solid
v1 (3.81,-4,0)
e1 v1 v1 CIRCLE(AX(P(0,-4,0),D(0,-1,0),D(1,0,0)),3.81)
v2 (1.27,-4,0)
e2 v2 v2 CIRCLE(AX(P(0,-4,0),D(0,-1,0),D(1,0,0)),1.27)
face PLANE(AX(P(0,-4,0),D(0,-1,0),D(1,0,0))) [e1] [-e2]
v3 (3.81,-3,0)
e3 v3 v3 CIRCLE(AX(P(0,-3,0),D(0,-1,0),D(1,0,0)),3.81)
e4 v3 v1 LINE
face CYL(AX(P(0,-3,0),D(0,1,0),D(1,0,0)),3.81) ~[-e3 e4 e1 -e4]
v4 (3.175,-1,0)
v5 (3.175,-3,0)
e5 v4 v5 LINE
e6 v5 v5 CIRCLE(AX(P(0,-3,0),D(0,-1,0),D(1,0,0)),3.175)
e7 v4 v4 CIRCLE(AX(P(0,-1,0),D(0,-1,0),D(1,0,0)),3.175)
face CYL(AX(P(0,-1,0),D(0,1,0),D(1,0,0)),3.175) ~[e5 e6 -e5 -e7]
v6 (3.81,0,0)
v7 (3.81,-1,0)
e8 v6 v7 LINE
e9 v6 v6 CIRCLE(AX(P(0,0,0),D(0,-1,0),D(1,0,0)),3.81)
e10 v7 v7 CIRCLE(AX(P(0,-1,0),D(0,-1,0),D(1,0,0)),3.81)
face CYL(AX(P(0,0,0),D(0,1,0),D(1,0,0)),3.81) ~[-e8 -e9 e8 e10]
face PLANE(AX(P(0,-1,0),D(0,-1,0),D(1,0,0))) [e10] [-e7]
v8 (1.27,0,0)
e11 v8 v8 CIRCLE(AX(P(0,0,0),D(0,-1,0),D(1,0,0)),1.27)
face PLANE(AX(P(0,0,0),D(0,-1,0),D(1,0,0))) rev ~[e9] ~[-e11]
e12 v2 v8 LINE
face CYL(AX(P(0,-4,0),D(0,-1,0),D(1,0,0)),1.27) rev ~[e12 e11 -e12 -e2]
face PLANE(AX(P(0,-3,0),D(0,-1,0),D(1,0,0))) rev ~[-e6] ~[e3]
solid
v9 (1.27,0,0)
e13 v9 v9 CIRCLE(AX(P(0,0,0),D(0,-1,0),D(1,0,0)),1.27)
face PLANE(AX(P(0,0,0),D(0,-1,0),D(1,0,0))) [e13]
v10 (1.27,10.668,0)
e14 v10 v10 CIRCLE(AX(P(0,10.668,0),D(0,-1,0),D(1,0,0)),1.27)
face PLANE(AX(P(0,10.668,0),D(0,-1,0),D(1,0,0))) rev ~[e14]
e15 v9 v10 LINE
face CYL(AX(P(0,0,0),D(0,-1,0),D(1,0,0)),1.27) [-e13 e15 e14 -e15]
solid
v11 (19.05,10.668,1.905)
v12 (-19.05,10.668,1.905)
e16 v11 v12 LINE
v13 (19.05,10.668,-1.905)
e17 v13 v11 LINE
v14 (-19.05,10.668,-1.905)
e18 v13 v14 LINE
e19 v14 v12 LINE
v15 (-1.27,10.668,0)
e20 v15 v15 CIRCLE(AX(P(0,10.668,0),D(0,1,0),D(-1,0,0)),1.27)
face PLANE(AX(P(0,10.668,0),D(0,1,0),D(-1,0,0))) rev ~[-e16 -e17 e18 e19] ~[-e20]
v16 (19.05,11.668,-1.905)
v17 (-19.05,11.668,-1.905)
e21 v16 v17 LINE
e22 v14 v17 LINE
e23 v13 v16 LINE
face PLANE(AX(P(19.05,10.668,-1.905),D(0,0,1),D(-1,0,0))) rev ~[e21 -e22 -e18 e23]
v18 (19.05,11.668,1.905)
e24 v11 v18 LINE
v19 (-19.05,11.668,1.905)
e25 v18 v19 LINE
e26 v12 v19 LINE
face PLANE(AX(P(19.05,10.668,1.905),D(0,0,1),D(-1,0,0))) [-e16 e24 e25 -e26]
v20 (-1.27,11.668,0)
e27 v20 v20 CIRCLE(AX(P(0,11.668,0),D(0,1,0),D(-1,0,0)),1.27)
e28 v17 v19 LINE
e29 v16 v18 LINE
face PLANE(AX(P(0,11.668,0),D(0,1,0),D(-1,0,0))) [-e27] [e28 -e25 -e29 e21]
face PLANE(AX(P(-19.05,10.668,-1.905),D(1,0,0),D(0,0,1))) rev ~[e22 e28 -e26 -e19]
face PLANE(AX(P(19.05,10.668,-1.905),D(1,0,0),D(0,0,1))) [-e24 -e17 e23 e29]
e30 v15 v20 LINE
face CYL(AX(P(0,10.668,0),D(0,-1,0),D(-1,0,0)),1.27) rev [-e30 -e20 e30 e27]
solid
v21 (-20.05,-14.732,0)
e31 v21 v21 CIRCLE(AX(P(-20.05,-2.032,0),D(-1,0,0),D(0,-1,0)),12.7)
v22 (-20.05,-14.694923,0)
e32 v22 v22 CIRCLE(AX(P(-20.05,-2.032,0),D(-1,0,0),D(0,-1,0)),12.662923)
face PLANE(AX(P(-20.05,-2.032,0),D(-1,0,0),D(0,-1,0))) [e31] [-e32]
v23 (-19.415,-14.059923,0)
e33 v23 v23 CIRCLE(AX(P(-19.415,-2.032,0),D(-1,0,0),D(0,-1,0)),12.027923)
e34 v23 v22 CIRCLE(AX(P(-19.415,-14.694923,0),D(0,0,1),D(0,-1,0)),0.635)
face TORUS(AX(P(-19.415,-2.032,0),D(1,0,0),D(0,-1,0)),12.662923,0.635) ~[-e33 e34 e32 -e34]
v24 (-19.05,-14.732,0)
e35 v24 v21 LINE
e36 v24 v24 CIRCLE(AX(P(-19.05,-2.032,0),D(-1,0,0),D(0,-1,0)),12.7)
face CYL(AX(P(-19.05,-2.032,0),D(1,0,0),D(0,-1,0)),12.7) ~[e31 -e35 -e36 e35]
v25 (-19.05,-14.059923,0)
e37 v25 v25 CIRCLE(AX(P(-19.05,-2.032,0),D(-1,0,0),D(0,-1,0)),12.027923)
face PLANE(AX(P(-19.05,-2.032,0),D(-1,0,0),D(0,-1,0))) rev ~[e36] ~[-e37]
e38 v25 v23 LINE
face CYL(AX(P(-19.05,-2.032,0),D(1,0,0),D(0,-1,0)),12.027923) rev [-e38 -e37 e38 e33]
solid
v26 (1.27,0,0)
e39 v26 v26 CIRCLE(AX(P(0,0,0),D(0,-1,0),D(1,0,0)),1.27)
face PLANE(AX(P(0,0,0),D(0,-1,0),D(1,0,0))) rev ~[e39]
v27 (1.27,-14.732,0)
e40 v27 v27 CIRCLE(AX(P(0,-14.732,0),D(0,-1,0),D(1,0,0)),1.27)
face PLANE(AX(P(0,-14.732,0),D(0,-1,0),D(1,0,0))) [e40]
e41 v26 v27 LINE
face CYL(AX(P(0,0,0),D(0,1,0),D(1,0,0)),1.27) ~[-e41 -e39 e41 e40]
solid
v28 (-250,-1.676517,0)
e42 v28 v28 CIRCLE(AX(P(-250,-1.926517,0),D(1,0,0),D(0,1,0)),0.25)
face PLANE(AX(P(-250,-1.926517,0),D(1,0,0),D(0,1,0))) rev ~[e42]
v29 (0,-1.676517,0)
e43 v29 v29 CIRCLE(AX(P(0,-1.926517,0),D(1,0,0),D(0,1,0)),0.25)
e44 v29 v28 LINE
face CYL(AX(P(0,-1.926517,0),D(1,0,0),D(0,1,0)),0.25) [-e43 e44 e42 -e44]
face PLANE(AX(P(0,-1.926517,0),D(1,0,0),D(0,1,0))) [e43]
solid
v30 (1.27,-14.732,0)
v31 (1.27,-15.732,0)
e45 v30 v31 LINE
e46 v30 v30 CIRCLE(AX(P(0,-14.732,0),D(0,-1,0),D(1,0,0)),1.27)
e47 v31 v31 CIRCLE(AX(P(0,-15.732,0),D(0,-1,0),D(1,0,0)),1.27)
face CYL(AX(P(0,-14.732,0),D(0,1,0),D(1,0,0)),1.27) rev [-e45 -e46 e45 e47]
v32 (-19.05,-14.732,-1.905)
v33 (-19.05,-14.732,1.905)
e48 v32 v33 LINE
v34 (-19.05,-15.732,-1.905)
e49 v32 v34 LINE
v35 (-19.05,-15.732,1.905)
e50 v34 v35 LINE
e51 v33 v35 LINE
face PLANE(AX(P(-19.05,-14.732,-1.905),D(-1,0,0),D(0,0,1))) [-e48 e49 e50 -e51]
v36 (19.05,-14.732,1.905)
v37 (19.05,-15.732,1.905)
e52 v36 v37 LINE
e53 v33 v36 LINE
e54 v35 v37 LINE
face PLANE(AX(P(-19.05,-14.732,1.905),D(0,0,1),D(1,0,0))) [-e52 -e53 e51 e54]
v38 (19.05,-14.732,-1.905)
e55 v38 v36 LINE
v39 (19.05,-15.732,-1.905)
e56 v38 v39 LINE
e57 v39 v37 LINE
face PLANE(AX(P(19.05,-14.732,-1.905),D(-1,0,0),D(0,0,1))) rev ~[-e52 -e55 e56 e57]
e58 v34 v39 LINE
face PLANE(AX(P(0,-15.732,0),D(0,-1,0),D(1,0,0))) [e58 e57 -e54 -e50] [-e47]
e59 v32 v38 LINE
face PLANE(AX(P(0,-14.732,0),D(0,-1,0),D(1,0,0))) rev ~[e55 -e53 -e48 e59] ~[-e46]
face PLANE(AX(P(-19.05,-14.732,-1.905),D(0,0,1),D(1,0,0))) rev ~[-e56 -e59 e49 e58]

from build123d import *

# Parameters (mm, degrees)
F0_R      = 3.81
F0_R_2    = 3.175
F1_DEPTH  = 1
F2_R      = 3.175
F3_DEPTH  = 2
F4_R      = 3.81
F4_R_2    = 3.175
F5_DEPTH  = 1
F6_R      = 1.27
F7_DEPTH  = 25.4
F8_R      = 1.27
F9_DEPTH  = 10.668
F10_DEPTH = 14.732
F11_W     = 38.1
F11_H     = 3.81
F11_R     = 1.27
F12_DEPTH = 1
F13_W     = 38.1
F13_H     = 3.81
F13_R     = 1.27
F14_DEPTH = 1
F15_R     = 12.0279233686
F16_DEPTH = 1
F17_R     = 0.635
F18_R     = 0.25
F19_DEPTH = 250


with BuildPart() as f1:
    # F0 (on Front) → F1 (new body)
    with BuildSketch(Plane.XZ):
        Circle(F0_R)
        Circle(F0_R_2, mode=Mode.SUBTRACT)
        Circle(F0_R_2)
    extrude(amount=F1_DEPTH)

    # F2 (on face) → F3 (join)
    with BuildSketch(Plane.XZ.offset(1)):
        Circle(F2_R)
    extrude(amount=F3_DEPTH)

    # F4 (on face) → F5 (join)
    with BuildSketch(Plane.XZ.offset(3)):
        Circle(F4_R)
        Circle(F4_R_2, mode=Mode.SUBTRACT)
        Circle(F4_R_2)
    extrude(amount=F5_DEPTH)

    # F6 (on face) → F7 (cut)
    with BuildSketch(Plane.XZ.offset(4)):
        Circle(F6_R)
    extrude(amount=-F7_DEPTH, mode=Mode.SUBTRACT)


with BuildPart() as f9:
    # F8 (on Front) → F9 (new body)
    with BuildSketch(Plane.XZ):
        Circle(F8_R)
    extrude(amount=-F9_DEPTH)


with BuildPart() as f10:
    # F10 (new): a face of the model
    f10_faces = [f9.part.faces().sort_by_distance(p)[0] for p in [
        (0, 0, 0),
    ]]
    extrude(f10_faces, amount=F10_DEPTH)


with BuildPart() as f12:
    # F11 (on face) → F12 (new body)
    with BuildSketch(Plane.XZ.offset(14.732)):
        Rectangle(F11_W, F11_H)
        Circle(F11_R, mode=Mode.SUBTRACT)
    extrude(amount=F12_DEPTH)


with BuildPart() as f14:
    # F13 (on face) → F14 (new body)
    with BuildSketch(Plane(origin=(0, 10.668, 0), x_dir=(-1, 0, 0), z_dir=(0, 1, 0))):
        Rectangle(F13_W, F13_H)
        Circle(F13_R, mode=Mode.SUBTRACT)
    extrude(amount=F14_DEPTH)


with BuildPart() as f16:
    # F15 (on face) → F16 (new body)
    with BuildSketch(Plane(origin=(-19.05, 0, 0), x_dir=(0, -1, 0), z_dir=(-1, 0, 0))):
        with BuildLine():
            ThreePointArc((-10.668, 8.8e-09), (2.0319999956, -12.7), (14.732, 0))
            ThreePointArc((14.732, 0), (2.0320000044, 12.7), (-10.668, 8.8e-09))
        make_face()
        with Locations((2.032, 0)):
            Circle(F15_R, mode=Mode.SUBTRACT)
    extrude(amount=F16_DEPTH)

    # F17
    f17_edges = [f16.edges().sort_by_distance(p)[0] for p in [
        (-20.05, 9.995923, 0),
    ]]
    fillet(f17_edges, radius=F17_R)


with BuildPart() as f19:
    # F18 (on Right) → F19 (new body)
    with BuildSketch(Plane.YZ):
        with Locations((-1.9265172215, 0)):
            Circle(F18_R)
    extrude(amount=-F19_DEPTH)


solid = Compound([f1.part, f9.part, f10.part, f12.part, f14.part, f16.part, f19.part])
